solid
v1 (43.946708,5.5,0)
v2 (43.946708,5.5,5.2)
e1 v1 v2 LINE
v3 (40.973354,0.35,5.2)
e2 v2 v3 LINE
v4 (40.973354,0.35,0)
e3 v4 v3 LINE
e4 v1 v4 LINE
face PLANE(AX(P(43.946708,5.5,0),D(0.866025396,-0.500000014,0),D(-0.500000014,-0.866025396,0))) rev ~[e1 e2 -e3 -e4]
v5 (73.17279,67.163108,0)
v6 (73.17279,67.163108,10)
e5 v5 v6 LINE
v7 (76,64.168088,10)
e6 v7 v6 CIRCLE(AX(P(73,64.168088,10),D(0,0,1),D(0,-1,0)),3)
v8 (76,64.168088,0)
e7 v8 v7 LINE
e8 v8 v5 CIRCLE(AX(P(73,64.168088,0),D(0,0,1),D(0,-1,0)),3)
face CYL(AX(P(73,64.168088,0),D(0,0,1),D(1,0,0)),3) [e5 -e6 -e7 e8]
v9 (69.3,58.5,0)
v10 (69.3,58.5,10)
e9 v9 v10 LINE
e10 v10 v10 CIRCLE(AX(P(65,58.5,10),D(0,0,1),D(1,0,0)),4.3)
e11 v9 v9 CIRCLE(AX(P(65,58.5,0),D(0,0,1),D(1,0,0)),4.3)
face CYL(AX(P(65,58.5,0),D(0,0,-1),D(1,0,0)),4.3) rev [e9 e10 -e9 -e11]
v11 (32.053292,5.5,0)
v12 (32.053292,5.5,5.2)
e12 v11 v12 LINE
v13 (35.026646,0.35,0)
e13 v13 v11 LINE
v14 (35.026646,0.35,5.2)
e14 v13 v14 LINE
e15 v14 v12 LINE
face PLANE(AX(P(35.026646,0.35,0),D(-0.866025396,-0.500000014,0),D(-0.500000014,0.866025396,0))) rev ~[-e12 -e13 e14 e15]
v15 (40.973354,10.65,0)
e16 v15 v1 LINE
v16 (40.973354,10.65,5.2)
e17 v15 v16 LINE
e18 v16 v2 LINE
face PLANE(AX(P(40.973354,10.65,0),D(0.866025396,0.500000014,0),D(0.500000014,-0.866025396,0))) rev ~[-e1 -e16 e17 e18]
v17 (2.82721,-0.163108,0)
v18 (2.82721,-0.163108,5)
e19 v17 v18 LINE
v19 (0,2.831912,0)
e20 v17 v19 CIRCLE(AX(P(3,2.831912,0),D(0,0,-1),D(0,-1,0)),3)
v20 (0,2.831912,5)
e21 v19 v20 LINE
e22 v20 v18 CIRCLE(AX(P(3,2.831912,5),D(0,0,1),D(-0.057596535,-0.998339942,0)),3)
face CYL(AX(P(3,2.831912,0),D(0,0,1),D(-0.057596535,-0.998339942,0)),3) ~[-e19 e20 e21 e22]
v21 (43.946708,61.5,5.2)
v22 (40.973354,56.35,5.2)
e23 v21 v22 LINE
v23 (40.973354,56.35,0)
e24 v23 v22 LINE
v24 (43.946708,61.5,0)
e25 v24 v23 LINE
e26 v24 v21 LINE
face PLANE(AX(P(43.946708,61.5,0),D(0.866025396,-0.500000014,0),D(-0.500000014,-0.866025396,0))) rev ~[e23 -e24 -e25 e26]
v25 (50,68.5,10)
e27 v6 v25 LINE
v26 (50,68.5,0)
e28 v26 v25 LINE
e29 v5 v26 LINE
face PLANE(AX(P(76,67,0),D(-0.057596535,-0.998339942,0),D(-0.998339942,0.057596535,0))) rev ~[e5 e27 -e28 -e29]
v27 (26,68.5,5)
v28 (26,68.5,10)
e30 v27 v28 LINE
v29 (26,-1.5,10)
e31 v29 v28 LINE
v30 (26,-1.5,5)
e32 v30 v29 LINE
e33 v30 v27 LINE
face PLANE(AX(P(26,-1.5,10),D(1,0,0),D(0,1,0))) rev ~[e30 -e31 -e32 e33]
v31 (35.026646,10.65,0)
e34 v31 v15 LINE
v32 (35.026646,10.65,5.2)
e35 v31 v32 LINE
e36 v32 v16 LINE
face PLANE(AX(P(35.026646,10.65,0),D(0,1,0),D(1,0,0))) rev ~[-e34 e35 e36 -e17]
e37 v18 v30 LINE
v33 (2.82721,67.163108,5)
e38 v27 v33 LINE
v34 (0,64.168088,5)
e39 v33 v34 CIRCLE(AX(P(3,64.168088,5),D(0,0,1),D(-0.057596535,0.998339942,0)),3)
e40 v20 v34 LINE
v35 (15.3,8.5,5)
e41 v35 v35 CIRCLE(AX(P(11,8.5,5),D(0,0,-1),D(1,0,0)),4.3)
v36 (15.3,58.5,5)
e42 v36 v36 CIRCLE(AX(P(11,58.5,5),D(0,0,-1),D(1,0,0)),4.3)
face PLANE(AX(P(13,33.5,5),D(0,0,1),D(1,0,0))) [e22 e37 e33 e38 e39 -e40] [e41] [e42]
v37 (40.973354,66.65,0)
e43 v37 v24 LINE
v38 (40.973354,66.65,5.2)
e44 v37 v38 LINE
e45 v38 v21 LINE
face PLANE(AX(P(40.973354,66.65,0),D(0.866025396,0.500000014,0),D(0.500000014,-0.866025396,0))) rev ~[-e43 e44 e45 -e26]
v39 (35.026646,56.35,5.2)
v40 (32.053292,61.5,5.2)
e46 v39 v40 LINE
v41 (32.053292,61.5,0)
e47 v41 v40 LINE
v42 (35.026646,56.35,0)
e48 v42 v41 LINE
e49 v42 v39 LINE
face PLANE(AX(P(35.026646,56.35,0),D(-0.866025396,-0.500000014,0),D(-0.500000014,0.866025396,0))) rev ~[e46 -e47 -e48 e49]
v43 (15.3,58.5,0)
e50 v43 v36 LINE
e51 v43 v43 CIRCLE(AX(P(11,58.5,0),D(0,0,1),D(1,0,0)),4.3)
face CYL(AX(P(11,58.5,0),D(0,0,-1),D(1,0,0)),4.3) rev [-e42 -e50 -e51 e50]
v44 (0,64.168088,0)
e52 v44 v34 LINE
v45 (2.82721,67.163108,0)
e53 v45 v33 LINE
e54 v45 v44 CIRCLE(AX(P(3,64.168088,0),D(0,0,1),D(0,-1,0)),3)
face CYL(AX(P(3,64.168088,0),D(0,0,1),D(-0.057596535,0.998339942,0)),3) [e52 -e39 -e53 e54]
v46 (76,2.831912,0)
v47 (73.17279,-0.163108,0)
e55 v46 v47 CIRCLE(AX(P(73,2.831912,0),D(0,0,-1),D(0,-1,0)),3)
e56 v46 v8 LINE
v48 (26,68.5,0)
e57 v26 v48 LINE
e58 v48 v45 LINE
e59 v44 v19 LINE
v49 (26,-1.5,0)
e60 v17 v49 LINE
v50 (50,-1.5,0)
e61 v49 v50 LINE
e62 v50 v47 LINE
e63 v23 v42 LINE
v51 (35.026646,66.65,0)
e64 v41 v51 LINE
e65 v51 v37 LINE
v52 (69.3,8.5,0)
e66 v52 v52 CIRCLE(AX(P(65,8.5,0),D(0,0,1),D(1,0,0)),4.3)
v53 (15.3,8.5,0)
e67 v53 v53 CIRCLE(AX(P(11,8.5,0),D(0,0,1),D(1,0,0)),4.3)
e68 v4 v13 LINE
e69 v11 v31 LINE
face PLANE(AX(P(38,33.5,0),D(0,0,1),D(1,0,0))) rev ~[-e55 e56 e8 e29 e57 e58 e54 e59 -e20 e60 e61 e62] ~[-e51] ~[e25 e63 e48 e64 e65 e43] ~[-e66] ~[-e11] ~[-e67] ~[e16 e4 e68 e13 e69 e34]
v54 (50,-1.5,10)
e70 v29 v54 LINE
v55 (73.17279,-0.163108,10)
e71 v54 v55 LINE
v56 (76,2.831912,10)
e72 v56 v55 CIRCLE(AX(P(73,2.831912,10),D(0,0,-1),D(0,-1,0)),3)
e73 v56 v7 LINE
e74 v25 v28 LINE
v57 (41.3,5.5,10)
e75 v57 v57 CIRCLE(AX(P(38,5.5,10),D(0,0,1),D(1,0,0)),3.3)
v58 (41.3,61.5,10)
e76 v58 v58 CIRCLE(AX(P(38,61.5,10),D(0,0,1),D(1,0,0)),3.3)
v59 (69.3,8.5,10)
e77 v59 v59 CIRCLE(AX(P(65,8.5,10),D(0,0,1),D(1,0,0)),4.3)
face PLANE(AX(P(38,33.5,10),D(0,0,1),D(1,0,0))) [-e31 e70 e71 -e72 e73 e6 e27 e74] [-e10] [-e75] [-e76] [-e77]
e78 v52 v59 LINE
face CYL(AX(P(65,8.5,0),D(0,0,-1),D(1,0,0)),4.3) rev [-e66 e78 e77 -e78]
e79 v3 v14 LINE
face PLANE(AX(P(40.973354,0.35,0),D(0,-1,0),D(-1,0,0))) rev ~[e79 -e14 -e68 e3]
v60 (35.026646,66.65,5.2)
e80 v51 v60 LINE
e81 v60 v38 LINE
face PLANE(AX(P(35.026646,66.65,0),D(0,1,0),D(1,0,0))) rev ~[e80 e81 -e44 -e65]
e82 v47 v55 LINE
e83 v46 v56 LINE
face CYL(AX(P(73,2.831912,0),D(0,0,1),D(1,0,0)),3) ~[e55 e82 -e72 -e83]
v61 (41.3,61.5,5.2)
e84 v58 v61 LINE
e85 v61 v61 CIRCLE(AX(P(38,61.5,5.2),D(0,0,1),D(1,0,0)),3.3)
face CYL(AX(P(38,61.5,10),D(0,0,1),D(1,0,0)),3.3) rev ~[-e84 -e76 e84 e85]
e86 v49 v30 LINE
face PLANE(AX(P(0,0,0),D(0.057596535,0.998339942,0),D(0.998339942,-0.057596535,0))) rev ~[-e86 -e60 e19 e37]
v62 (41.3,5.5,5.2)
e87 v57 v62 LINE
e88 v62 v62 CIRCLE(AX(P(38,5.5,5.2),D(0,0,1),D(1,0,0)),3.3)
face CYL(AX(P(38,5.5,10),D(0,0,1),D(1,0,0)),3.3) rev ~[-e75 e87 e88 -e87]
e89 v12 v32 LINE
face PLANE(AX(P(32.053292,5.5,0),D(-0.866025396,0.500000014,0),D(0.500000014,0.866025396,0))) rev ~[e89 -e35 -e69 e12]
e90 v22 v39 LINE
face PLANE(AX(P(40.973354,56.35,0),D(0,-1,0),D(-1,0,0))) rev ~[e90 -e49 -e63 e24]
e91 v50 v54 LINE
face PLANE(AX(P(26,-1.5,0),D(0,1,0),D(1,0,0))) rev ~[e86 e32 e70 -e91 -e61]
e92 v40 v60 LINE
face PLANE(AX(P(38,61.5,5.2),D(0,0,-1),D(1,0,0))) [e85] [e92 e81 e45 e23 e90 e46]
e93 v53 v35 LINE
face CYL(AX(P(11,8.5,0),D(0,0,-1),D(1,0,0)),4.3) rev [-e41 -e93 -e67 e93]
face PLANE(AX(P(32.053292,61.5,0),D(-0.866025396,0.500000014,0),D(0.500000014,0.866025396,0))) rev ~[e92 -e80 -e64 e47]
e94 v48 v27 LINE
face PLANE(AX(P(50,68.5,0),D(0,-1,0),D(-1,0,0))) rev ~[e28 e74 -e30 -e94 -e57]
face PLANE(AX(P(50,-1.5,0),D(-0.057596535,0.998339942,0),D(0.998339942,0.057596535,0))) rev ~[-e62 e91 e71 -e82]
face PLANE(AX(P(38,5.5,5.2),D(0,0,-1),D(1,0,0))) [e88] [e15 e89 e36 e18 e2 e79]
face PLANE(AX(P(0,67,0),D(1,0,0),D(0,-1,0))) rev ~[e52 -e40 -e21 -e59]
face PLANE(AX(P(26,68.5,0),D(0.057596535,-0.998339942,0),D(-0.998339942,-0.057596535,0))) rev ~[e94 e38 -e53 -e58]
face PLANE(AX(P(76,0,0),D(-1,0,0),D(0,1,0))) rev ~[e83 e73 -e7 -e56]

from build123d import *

# Parameters (mm, degrees)
SKETCH_R        = 4.3
PAD_DEPTH       = 10
SKETCH001_R     = 3.3
POCKET_DEPTH    = 10.001
POCKET001_DEPTH = 5.2
FILLET_R        = 3
SKETCH003_W     = 26
SKETCH003_H     = 70
POCKET002_DEPTH = 5


with BuildPart() as part:
    # Sketch → Pad (new body)
    with BuildSketch(Plane.XY):
        Polygon((76, 0), (76, 67), (50, 68.5), (26, 68.5), (0, 67), (0, 0), (26, -1.5), (50, -1.5), align=None)
        with Locations((11, 58.5)):
            Circle(SKETCH_R, mode=Mode.SUBTRACT)
        with Locations((65, 58.5)):
            Circle(SKETCH_R, mode=Mode.SUBTRACT)
        with Locations((65, 8.5)):
            Circle(SKETCH_R, mode=Mode.SUBTRACT)
        with Locations((11, 8.5)):
            Circle(SKETCH_R, mode=Mode.SUBTRACT)
    extrude(amount=PAD_DEPTH)

    # Sketch001 (on Face14 of Pad) → Pocket (cut, through all)
    with BuildSketch(Plane.XY.offset(10)):
        with Locations((38, 61.5)):
            Circle(SKETCH001_R)
        with Locations((38, 5.5)):
            Circle(SKETCH001_R)
    extrude(amount=-POCKET_DEPTH, mode=Mode.SUBTRACT)

    # Sketch002 (on Face4 of Pocket) → Pocket001 (cut)
    with BuildSketch(Plane(origin=(0, 0, 0), x_dir=(1, 0, 0), z_dir=(0, 0, -1))):
        Polygon((40.973354, -10.65), (43.946708, -5.5), (40.973354, -0.35), (35.026646, -0.35), (32.053292, -5.5), (35.026646, -10.65), align=None)
        Polygon((43.946708, -61.5), (40.973354, -56.35), (35.026646, -56.35), (32.053292, -61.5), (35.026646, -66.65), (40.973354, -66.65), align=None)
    extrude(amount=-POCKET001_DEPTH, mode=Mode.SUBTRACT)

    # Fillet
    fillet_edges = [part.edges().sort_by_distance(p)[0] for p in [
        (0, 67, 5),
        (0, 0, 5),
        (76, 0, 5),
        (76, 67, 5),
    ]]
    fillet(fillet_edges, radius=FILLET_R)

    # Sketch003 (on Face5 of Fillet) → Pocket002 (cut)
    with BuildSketch(Plane.XY.offset(10)):
        with Locations((13, 33.5)):
            Rectangle(SKETCH003_W, SKETCH003_H)
    extrude(amount=-POCKET002_DEPTH, mode=Mode.SUBTRACT)


solid = part.part
